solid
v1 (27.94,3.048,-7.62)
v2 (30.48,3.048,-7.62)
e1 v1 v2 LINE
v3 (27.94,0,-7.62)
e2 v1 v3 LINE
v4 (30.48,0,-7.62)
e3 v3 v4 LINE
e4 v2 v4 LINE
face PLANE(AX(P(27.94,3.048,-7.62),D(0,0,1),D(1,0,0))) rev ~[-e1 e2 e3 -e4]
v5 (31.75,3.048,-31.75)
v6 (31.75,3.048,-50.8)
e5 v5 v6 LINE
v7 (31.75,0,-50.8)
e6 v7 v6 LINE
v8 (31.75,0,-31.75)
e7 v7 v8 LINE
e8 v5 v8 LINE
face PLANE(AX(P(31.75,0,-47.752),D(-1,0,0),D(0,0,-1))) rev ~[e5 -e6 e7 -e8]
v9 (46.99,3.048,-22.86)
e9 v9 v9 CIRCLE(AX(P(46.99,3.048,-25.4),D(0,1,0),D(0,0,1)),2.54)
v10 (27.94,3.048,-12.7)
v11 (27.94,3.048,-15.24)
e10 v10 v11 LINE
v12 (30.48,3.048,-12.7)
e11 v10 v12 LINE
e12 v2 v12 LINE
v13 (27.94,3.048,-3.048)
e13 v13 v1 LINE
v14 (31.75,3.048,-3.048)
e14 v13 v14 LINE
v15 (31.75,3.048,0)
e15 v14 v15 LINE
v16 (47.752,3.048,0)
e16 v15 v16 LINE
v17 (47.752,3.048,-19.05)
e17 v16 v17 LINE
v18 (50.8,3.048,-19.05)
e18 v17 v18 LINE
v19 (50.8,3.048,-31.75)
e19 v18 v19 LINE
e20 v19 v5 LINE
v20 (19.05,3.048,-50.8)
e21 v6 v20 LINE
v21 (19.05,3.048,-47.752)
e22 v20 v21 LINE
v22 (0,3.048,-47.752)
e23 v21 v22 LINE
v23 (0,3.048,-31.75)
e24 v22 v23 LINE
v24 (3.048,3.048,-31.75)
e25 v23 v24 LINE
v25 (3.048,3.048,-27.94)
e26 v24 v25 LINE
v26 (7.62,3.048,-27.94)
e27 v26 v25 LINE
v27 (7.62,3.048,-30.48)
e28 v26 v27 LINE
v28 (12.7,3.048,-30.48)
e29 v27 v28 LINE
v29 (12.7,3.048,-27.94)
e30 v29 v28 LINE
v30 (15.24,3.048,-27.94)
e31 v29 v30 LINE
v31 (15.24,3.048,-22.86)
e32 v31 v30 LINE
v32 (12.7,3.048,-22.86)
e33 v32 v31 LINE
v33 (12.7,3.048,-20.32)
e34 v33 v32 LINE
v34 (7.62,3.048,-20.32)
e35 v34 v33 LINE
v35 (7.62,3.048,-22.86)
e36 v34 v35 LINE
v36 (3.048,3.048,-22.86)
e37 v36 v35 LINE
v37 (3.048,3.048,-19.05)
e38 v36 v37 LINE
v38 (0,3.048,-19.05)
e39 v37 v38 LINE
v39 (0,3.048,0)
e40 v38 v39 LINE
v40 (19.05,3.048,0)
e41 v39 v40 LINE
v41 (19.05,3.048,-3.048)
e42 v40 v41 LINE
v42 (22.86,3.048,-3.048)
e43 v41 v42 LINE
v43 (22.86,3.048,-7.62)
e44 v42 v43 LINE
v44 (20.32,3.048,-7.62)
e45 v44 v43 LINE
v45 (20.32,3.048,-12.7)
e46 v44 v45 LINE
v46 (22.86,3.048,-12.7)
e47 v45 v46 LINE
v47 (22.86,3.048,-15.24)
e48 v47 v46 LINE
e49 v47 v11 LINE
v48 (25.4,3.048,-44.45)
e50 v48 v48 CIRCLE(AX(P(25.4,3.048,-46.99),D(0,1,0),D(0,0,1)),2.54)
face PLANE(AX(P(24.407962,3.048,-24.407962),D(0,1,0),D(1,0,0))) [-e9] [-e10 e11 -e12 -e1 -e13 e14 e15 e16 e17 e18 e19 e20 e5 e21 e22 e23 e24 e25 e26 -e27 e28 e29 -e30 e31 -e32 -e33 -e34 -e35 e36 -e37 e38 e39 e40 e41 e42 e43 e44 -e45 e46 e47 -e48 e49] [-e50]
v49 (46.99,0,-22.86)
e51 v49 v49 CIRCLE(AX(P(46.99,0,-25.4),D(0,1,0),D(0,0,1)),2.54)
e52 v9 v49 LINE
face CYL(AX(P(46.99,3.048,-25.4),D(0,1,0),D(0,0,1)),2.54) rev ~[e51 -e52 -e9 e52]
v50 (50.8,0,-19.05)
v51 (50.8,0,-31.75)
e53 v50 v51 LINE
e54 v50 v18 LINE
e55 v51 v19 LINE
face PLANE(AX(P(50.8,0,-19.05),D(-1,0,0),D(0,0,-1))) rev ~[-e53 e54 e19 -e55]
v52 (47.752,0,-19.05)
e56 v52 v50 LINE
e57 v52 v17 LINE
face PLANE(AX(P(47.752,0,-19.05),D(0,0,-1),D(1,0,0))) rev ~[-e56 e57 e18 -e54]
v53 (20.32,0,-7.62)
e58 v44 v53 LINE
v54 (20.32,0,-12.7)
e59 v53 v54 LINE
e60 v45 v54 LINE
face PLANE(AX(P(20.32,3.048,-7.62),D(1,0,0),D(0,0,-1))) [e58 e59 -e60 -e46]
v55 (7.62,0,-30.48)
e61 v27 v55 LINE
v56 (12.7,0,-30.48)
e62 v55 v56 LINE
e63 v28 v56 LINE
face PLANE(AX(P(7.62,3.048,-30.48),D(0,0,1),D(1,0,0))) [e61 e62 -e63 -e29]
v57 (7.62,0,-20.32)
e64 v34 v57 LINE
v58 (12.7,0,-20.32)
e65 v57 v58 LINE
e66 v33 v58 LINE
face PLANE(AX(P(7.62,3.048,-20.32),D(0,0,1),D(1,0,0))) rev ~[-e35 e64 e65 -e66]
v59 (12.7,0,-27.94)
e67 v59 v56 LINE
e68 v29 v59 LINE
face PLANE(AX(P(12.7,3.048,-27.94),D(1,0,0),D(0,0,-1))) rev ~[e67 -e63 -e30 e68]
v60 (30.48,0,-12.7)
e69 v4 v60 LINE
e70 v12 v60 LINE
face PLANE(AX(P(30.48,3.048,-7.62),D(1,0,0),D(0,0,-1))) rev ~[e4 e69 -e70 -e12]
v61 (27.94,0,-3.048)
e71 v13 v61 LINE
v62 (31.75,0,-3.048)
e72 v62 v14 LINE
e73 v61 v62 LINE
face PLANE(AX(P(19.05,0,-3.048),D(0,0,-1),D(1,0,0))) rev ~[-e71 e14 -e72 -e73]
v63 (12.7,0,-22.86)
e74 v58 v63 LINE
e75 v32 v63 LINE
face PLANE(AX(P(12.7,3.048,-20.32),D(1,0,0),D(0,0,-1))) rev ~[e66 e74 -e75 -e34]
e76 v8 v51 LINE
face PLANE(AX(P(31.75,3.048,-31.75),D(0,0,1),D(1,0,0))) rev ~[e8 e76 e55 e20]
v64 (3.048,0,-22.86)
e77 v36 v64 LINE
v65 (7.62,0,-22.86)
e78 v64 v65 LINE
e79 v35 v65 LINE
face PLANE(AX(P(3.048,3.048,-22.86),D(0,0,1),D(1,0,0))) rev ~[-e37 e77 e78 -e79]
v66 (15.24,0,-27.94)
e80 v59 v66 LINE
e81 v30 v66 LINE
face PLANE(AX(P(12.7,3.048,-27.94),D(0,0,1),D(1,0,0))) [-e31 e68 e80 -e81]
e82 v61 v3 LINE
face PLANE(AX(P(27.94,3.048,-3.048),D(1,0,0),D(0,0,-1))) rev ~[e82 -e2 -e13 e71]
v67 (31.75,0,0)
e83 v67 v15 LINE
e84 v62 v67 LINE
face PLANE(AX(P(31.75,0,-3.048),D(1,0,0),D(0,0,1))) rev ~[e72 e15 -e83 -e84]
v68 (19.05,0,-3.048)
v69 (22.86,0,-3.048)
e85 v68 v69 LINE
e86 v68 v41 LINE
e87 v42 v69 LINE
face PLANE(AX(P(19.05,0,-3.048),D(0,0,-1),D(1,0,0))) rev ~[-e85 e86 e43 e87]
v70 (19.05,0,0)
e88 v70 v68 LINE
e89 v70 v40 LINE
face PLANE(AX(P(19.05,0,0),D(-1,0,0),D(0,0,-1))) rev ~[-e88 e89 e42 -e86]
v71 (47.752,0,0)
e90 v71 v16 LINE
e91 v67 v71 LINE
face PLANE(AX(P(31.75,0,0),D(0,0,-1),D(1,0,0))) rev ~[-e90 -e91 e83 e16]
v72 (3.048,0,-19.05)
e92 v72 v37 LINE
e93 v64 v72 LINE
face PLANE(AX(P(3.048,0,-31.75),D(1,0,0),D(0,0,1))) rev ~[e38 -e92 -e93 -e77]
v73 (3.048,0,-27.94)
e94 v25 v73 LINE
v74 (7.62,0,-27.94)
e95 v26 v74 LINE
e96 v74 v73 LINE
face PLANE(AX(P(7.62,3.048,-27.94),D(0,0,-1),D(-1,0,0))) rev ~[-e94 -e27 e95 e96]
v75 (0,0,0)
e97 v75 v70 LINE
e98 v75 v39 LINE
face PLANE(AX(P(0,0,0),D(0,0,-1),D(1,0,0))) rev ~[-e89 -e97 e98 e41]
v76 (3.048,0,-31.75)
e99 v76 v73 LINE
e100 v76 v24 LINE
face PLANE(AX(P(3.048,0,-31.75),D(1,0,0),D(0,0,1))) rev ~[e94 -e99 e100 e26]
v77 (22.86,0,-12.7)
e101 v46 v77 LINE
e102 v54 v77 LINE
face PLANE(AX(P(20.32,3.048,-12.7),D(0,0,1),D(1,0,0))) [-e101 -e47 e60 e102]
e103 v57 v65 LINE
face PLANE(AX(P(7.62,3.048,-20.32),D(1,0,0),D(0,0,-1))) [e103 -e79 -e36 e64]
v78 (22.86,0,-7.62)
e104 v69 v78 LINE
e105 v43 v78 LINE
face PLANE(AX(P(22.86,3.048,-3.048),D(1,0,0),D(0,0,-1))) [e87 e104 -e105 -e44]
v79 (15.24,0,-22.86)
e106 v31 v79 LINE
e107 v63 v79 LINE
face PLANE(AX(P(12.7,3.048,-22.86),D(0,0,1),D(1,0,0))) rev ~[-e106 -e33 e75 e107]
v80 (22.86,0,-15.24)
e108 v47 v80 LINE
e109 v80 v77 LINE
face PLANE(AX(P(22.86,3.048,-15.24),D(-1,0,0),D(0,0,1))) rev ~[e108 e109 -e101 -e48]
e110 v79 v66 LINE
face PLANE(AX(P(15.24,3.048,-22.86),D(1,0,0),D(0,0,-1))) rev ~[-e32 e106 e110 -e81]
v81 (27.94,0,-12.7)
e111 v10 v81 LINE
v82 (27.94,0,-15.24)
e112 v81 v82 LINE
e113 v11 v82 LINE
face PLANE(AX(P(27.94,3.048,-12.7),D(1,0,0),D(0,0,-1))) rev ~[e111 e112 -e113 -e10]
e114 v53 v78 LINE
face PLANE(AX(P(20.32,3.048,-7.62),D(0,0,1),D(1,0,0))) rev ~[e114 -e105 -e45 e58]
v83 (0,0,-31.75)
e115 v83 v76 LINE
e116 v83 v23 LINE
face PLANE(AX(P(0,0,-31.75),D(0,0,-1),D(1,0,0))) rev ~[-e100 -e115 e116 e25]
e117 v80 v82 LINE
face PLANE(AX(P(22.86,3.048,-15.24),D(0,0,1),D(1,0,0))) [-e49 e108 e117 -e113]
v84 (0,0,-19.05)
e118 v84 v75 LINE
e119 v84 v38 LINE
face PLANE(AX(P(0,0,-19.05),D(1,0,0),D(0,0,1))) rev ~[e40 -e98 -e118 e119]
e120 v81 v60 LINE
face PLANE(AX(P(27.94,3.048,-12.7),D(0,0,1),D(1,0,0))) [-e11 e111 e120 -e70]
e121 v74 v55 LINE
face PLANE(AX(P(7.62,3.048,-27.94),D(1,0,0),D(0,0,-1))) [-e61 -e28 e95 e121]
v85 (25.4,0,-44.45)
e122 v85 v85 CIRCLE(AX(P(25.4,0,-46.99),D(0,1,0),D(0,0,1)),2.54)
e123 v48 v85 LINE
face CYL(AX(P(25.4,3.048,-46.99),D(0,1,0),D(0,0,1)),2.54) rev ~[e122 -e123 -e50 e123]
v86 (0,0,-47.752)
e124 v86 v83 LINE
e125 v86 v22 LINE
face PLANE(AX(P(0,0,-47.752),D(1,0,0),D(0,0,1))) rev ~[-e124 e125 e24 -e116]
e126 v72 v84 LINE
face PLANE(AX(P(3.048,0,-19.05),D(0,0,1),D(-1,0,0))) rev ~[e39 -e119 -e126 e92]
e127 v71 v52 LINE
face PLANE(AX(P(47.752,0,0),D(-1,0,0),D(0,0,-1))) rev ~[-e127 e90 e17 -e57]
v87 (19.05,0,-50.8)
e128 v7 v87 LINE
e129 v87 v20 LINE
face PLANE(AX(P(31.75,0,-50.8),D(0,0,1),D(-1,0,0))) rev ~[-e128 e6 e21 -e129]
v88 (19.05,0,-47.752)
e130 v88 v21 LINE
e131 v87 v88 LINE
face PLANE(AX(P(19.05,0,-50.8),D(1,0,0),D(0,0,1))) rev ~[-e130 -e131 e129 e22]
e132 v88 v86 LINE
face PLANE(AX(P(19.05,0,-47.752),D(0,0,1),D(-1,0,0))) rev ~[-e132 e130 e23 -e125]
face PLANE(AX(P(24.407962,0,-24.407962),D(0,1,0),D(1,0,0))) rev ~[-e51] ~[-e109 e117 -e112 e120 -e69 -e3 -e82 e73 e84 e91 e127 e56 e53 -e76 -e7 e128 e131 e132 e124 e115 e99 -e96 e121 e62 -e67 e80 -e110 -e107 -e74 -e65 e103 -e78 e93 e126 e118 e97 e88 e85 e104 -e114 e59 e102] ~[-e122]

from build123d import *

# Parameters (mm, degrees)
BOSS_EXTRUDE1_DEPTH = 3.048
SKETCH2_W           = 4.572
SKETCH2_H           = 5.08
SKETCH2_W_2         = 5.08
SKETCH2_H_2         = 2.54
SKETCH2_W_3         = 2.54
SKETCH2_H_3         = 4.572
SKETCH2_R           = 2.54
CUT_EXTRUDE1_DEPTH  = 3.048
SKETCH3_W           = 16.002
SKETCH3_H           = 16.002
CUT_EXTRUDE2_DEPTH  = 3.048


with BuildPart() as part:
    # Sketch1 → Boss-Extrude1 (new body)
    with BuildSketch(Plane(origin=(0, 0, 0), x_dir=(1, 0, 0), z_dir=(0, 1, 0))):
        Polygon((0, 19.05), (0, 0), (19.05, 0), (19.05, 3.048), (31.75, 3.048), (31.75, 0), (47.752, 0), (47.752, 19.05), (50.8, 19.05), (50.8, 31.75), (47.752, 31.75), (47.752, 47.752), (31.75, 47.752), (31.75, 50.8), (19.05, 50.8), (19.05, 47.752), (0, 47.752), (0, 31.75), (3.048, 31.75), (3.048, 19.05), align=None)
    extrude(amount=BOSS_EXTRUDE1_DEPTH)

    # Sketch2 → Cut-Extrude1 (cut)
    with BuildSketch(Plane(origin=(0, 3.048, 0), x_dir=(1, 0, 0), z_dir=(0, 1, 0))):
        with Locations((5.334, 25.4)):
            Rectangle(SKETCH2_W, SKETCH2_H)
        with Locations((10.16, 25.4)):
            Rectangle(SKETCH2_W_2, SKETCH2_H)
        with Locations((10.16, 29.21)):
            Rectangle(SKETCH2_W_2, SKETCH2_H_2)
        with Locations((13.97, 25.4)):
            Rectangle(SKETCH2_W_3, SKETCH2_H)
        with Locations((10.16, 21.59)):
            Rectangle(SKETCH2_W_2, SKETCH2_H_2)
        with Locations((25.4, 13.97)):
            Rectangle(SKETCH2_W_2, SKETCH2_H_2)
        with Locations((25.4, 10.16)):
            Rectangle(SKETCH2_W_2, SKETCH2_H)
        with Locations((29.21, 10.16)):
            Rectangle(SKETCH2_W_3, SKETCH2_H)
        with Locations((21.59, 10.16)):
            Rectangle(SKETCH2_W_3, SKETCH2_H)
        with Locations((25.4, 5.334)):
            Rectangle(SKETCH2_W_2, SKETCH2_H_3)
        with Locations(Location((46.99, 25.4, 0), (0, 0, 270))):
            Circle(SKETCH2_R)
        with Locations(Location((25.4, 46.99, 0), (0, 0, 270))):
            Circle(SKETCH2_R)
    extrude(amount=-CUT_EXTRUDE1_DEPTH, mode=Mode.SUBTRACT)

    # Sketch3 → Cut-Extrude2 (cut)
    with BuildSketch(Plane(origin=(0, 3.048, 0), x_dir=(1, 0, 0), z_dir=(0, 1, 0))):
        with Locations((39.751, 39.751)):
            Rectangle(SKETCH3_W, SKETCH3_H)
    extrude(amount=-CUT_EXTRUDE2_DEPTH, mode=Mode.SUBTRACT)


solid = part.part
